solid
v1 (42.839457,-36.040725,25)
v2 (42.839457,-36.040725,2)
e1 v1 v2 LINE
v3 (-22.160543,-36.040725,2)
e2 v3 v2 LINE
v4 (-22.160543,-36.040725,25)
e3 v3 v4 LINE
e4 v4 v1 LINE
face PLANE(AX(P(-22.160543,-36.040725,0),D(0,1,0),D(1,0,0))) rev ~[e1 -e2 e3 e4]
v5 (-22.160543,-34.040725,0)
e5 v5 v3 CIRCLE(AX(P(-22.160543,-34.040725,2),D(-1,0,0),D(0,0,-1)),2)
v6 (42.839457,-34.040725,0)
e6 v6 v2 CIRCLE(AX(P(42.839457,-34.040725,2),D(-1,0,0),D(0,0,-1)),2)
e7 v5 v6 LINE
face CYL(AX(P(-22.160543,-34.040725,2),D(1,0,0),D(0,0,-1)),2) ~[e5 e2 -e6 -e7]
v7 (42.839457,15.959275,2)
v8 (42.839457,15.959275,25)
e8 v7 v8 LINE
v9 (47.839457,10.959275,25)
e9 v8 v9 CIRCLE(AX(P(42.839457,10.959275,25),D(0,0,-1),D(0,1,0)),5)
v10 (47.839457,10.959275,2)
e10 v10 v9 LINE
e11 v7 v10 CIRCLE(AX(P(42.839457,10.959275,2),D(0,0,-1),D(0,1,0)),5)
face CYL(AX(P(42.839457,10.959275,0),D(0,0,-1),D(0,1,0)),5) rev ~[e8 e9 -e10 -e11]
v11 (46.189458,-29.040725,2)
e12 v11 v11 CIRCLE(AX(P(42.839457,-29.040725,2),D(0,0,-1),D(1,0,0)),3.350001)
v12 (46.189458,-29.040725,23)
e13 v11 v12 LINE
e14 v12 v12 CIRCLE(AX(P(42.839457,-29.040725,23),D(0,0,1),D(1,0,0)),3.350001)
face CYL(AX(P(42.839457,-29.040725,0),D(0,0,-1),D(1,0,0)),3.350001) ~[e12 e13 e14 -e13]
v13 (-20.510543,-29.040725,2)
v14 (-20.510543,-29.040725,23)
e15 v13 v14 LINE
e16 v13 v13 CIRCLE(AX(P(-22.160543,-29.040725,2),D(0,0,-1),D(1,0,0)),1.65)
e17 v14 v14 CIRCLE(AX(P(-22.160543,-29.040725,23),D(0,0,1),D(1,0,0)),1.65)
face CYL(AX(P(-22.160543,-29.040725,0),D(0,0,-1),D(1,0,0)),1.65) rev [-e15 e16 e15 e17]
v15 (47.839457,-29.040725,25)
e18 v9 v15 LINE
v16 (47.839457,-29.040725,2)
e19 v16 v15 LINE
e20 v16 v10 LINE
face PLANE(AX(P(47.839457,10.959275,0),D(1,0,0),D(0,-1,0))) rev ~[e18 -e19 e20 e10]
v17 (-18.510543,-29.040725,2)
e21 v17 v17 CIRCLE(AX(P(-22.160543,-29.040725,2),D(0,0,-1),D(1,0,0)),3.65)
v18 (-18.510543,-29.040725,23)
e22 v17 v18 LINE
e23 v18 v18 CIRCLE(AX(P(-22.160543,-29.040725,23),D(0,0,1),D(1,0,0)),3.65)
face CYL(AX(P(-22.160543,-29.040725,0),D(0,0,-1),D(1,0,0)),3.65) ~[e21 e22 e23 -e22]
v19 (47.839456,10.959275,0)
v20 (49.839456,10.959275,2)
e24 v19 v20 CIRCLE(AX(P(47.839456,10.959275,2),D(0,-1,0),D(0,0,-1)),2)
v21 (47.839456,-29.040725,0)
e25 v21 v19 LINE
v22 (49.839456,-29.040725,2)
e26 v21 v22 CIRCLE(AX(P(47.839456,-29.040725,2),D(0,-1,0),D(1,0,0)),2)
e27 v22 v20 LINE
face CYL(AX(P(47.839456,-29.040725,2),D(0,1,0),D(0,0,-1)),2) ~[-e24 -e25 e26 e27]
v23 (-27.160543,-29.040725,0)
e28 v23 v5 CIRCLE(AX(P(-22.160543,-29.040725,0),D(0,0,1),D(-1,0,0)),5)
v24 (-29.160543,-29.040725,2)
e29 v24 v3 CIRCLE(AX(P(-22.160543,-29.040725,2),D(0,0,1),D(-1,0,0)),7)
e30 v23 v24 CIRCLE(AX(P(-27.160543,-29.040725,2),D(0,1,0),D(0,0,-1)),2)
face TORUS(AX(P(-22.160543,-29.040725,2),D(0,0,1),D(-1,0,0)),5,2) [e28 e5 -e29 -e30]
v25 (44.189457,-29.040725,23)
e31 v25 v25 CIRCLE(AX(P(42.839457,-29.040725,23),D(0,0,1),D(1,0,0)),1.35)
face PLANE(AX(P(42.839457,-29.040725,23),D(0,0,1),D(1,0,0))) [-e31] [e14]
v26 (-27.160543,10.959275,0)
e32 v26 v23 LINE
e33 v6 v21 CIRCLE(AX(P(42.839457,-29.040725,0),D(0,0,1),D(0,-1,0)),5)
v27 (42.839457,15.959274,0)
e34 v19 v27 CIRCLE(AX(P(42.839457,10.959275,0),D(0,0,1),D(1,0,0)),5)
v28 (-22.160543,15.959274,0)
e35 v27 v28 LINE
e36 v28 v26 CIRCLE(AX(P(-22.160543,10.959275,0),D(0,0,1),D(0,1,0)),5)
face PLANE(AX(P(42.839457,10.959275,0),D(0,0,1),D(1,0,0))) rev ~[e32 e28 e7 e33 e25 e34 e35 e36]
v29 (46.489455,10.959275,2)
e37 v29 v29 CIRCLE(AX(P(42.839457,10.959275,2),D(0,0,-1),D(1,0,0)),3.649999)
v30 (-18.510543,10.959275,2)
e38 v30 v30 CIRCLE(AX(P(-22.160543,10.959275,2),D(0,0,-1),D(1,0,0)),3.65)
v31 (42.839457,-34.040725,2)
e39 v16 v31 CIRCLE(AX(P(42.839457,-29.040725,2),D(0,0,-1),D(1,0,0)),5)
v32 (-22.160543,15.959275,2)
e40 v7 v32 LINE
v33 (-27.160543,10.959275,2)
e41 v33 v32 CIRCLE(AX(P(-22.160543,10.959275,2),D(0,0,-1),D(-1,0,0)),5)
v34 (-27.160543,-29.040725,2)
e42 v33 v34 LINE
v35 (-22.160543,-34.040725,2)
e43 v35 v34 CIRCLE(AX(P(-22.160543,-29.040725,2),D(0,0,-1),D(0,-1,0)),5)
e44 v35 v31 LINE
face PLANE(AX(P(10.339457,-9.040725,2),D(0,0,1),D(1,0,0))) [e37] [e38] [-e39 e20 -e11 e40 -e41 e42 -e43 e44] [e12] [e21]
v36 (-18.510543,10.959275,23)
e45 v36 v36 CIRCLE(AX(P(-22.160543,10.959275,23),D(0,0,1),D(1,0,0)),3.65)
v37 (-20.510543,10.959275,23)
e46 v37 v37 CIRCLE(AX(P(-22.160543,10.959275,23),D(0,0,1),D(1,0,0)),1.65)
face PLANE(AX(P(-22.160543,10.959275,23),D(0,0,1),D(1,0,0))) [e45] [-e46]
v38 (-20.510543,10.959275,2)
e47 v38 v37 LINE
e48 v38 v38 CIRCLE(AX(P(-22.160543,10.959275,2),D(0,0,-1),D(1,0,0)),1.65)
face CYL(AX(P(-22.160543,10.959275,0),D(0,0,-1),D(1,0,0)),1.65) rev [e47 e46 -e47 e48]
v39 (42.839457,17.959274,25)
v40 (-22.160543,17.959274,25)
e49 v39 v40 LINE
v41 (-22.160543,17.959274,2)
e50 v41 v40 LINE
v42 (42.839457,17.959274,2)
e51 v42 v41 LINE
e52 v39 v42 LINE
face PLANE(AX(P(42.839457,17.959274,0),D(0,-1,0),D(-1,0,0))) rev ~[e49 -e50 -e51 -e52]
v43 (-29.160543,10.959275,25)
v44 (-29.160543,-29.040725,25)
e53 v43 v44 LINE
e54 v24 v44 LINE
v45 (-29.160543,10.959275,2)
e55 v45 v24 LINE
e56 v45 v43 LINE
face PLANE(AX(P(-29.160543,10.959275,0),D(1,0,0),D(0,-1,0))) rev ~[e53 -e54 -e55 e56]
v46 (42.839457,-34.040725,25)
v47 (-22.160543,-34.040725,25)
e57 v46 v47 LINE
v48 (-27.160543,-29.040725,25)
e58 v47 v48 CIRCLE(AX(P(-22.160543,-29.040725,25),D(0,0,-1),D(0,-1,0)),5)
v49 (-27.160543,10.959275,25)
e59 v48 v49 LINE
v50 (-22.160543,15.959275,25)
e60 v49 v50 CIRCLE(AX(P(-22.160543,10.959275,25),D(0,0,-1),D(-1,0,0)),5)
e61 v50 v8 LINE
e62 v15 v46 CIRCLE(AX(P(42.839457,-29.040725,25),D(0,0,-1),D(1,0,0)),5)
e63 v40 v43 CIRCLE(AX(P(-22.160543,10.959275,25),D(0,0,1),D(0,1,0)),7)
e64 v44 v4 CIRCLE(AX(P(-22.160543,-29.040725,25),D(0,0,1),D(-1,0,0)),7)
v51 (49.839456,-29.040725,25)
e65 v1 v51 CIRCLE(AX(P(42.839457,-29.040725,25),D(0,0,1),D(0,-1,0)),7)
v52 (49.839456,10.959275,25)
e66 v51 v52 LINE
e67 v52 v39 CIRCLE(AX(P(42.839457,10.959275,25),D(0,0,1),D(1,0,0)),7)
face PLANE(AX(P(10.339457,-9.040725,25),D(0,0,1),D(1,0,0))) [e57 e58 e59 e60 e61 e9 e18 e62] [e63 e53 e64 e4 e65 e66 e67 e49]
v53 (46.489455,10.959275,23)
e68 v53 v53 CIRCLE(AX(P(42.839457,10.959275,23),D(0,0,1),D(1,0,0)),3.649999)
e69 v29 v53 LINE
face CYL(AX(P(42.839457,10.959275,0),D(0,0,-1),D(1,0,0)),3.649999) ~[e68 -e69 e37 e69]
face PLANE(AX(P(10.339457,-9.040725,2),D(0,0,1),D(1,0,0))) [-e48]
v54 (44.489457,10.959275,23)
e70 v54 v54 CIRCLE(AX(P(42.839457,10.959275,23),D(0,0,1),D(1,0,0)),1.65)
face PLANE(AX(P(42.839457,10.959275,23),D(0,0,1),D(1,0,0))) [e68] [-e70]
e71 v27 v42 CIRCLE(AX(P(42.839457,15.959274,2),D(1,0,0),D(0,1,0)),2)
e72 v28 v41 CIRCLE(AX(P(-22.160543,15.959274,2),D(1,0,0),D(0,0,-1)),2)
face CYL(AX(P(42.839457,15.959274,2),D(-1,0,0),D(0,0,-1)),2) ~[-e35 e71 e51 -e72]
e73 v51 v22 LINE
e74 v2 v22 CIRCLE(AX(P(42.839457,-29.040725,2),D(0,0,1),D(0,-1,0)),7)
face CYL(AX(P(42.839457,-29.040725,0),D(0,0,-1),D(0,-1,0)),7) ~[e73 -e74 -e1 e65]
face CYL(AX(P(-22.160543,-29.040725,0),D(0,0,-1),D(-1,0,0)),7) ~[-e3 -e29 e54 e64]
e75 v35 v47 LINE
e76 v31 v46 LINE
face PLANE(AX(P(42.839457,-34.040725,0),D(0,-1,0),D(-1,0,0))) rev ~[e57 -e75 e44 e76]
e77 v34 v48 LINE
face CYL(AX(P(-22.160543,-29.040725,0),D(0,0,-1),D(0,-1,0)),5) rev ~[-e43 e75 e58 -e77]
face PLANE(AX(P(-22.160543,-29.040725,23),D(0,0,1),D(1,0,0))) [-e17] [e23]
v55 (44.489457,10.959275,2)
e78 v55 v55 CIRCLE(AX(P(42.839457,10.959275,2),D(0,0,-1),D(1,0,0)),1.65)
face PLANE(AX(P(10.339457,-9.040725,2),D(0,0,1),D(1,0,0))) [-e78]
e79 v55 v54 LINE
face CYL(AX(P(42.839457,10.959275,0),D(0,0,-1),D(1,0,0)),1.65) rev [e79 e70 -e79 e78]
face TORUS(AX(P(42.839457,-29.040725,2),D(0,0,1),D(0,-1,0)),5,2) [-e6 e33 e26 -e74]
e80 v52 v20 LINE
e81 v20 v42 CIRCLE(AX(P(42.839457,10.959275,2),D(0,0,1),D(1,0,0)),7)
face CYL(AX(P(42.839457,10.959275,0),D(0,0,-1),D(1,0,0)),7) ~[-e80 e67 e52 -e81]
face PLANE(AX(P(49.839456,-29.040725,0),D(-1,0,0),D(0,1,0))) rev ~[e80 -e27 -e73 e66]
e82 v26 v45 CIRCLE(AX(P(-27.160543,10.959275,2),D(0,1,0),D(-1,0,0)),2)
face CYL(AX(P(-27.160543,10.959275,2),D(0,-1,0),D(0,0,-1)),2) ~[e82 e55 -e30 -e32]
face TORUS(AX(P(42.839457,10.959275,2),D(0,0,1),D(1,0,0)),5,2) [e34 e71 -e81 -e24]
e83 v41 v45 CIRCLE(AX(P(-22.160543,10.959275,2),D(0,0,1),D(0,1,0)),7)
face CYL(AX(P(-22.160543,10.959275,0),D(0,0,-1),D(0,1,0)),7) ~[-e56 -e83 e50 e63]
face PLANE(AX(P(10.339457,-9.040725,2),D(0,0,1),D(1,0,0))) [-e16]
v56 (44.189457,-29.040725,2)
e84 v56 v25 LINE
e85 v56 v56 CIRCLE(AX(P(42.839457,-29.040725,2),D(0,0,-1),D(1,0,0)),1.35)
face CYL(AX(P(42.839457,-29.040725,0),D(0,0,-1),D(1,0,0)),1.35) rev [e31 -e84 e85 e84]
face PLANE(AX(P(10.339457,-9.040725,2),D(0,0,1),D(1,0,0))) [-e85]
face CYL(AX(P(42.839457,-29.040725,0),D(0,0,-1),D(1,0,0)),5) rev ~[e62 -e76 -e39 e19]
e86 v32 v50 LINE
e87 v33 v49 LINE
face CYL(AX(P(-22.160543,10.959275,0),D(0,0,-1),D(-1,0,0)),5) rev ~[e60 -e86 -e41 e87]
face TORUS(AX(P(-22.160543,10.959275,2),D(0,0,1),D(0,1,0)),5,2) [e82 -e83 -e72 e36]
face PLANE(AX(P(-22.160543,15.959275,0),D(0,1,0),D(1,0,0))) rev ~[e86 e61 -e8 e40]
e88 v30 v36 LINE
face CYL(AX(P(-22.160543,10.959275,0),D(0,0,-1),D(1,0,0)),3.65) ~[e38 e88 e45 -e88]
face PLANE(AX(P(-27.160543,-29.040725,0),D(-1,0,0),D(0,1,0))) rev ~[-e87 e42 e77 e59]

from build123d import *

# Parameters (mm, degrees)
F1_R     = 3.6500000581
F1_R_2   = 3.3500010893
F1_R_3   = 3.649998717
F1_R_4   = 1.65
F1_R_5   = 1.35
F2_DEPTH = 2
F3_DEPTH = 25
F4_DEPTH = 23
F5_R     = 2


with BuildPart() as f2:
    # F1 (on Top) → F2 (new body)
    with BuildSketch(Plane.XY):
        with BuildLine():
            Line((42.8394566104, 17.9592743516), (-22.1605433896, 17.9592743516))
            ThreePointArc((-22.1605433896, 17.9592743516), (-27.1102905971, 15.909021928), (-29.1605430207, 10.9592747205))
            Line((-29.1605430207, 10.9592747205), (-29.1605430207, -29.0407252795))
            ThreePointArc((-29.1605430207, -29.0407252795), (-27.1102905971, -33.9904724869), (-22.1605433896, -36.0407249106))
            Line((-22.1605433896, -36.0407249106), (42.8394566104, -36.0407249106))
            ThreePointArc((42.8394566104, -36.0407249106), (47.7892038178, -33.9904724869), (49.8394562415, -29.0407252795))
            Line((49.8394562415, -29.0407252795), (49.8394562415, 10.9592747205))
            ThreePointArc((49.8394562415, 10.9592747205), (47.7892038178, 15.909021928), (42.8394566104, 17.9592743516))
        make_face()
        with BuildLine():
            ThreePointArc((-27.1605433896, 10.9592747205), (-25.6960772956, 14.4948086265), (-22.1605433896, 15.9592747205))
            Line((-22.1605433896, 15.9592747205), (42.8394566104, 15.9592747205))
            ThreePointArc((42.8394566104, 15.9592747205), (46.3749905163, 14.4948086265), (47.8394566104, 10.9592747205))
            Line((47.8394566104, 10.9592747205), (47.8394566104, -29.0407252795))
            ThreePointArc((47.8394566104, -29.0407252795), (46.3749905163, -32.5762591854), (42.8394566104, -34.0407252795))
            Line((42.8394566104, -34.0407252795), (-22.1605433896, -34.0407252795))
            ThreePointArc((-22.1605433896, -34.0407252795), (-25.6960772956, -32.5762591854), (-27.1605433896, -29.0407252795))
            Line((-27.1605433896, -29.0407252795), (-27.1605433896, 10.9592747205))
        make_face(mode=Mode.SUBTRACT)
        with BuildLine():
            Line((42.8394566104, 15.9592747205), (-22.1605433896, 15.9592747205))
            ThreePointArc((-22.1605433896, 15.9592747205), (-25.6960772956, 14.4948086265), (-27.1605433896, 10.9592747205))
            Line((-27.1605433896, 10.9592747205), (-27.1605433896, -29.0407252795))
            ThreePointArc((-27.1605433896, -29.0407252795), (-25.6960772956, -32.5762591854), (-22.1605433896, -34.0407252795))
            Line((-22.1605433896, -34.0407252795), (42.8394566104, -34.0407252795))
            ThreePointArc((42.8394566104, -34.0407252795), (46.3749905163, -32.5762591854), (47.8394566104, -29.0407252795))
            Line((47.8394566104, -29.0407252795), (47.8394566104, 10.9592747205))
            ThreePointArc((47.8394566104, 10.9592747205), (46.3749905163, 14.4948086265), (42.8394566104, 15.9592747205))
        make_face()
        with Locations((-22.1605433896, -29.0407252795)):
            Circle(F1_R, mode=Mode.SUBTRACT)
        with Locations((42.8394566104, -29.0407252795)):
            Circle(F1_R_2, mode=Mode.SUBTRACT)
        with Locations((-22.1605433896, 10.9592747205)):
            Circle(F1_R, mode=Mode.SUBTRACT)
        with Locations((42.8394566104, 10.9592747205)):
            Circle(F1_R_3, mode=Mode.SUBTRACT)
        with Locations((-22.1605433896, 10.9592747205)):
            Circle(F1_R)
        with Locations((-22.1605433896, 10.9592747205)):
            Circle(F1_R_4, mode=Mode.SUBTRACT)
        with Locations((-22.1605433896, -29.0407252795)):
            Circle(F1_R)
        with Locations((-22.1605433896, -29.0407252795)):
            Circle(F1_R_4, mode=Mode.SUBTRACT)
        with Locations((42.8394566104, 10.9592747205)):
            Circle(F1_R_3)
        with Locations((42.8394566104, 10.9592747205)):
            Circle(F1_R_4, mode=Mode.SUBTRACT)
        with Locations((42.8394566104, -29.0407252795)):
            Circle(F1_R_2)
        with Locations((42.8394566104, -29.0407252795)):
            Circle(F1_R_5, mode=Mode.SUBTRACT)
        with Locations((42.8394566104, 10.9592747205)):
            Circle(F1_R_4)
        with Locations((-22.1605433896, 10.9592747205)):
            Circle(F1_R_4)
        with Locations((-22.1605433896, -29.0407252795)):
            Circle(F1_R_4)
        with Locations((42.8394566104, -29.0407252795)):
            Circle(F1_R_5)
    extrude(amount=F2_DEPTH)

    # F1 (on Top) → F3 (join)
    with BuildSketch(Plane.XY):
        with BuildLine():
            Line((42.8394566104, 17.9592743516), (-22.1605433896, 17.9592743516))
            ThreePointArc((-22.1605433896, 17.9592743516), (-27.1102905971, 15.909021928), (-29.1605430207, 10.9592747205))
            Line((-29.1605430207, 10.9592747205), (-29.1605430207, -29.0407252795))
            ThreePointArc((-29.1605430207, -29.0407252795), (-27.1102905971, -33.9904724869), (-22.1605433896, -36.0407249106))
            Line((-22.1605433896, -36.0407249106), (42.8394566104, -36.0407249106))
            ThreePointArc((42.8394566104, -36.0407249106), (47.7892038178, -33.9904724869), (49.8394562415, -29.0407252795))
            Line((49.8394562415, -29.0407252795), (49.8394562415, 10.9592747205))
            ThreePointArc((49.8394562415, 10.9592747205), (47.7892038178, 15.909021928), (42.8394566104, 17.9592743516))
        make_face()
        with BuildLine():
            ThreePointArc((-27.1605433896, 10.9592747205), (-25.6960772956, 14.4948086265), (-22.1605433896, 15.9592747205))
            Line((-22.1605433896, 15.9592747205), (42.8394566104, 15.9592747205))
            ThreePointArc((42.8394566104, 15.9592747205), (46.3749905163, 14.4948086265), (47.8394566104, 10.9592747205))
            Line((47.8394566104, 10.9592747205), (47.8394566104, -29.0407252795))
            ThreePointArc((47.8394566104, -29.0407252795), (46.3749905163, -32.5762591854), (42.8394566104, -34.0407252795))
            Line((42.8394566104, -34.0407252795), (-22.1605433896, -34.0407252795))
            ThreePointArc((-22.1605433896, -34.0407252795), (-25.6960772956, -32.5762591854), (-27.1605433896, -29.0407252795))
            Line((-27.1605433896, -29.0407252795), (-27.1605433896, 10.9592747205))
        make_face(mode=Mode.SUBTRACT)
    extrude(amount=F3_DEPTH)

    # F1 (on Top) → F4 (join)
    with BuildSketch(Plane.XY):
        with Locations((42.8394566104, 10.9592747205)):
            Circle(F1_R_3)
        with Locations((42.8394566104, 10.9592747205)):
            Circle(F1_R_4, mode=Mode.SUBTRACT)
        with Locations((42.8394566104, -29.0407252795)):
            Circle(F1_R_2)
        with Locations((42.8394566104, -29.0407252795)):
            Circle(F1_R_5, mode=Mode.SUBTRACT)
        with Locations((-22.1605433896, 10.9592747205)):
            Circle(F1_R)
        with Locations((-22.1605433896, 10.9592747205)):
            Circle(F1_R_4, mode=Mode.SUBTRACT)
        with Locations((-22.1605433896, -29.0407252795)):
            Circle(F1_R)
        with Locations((-22.1605433896, -29.0407252795)):
            Circle(F1_R_4, mode=Mode.SUBTRACT)
    extrude(amount=F4_DEPTH)

    # F5
    f5_edges = [f2.edges().sort_by_distance(p)[0] for p in [
        (10.339457, -36.040725, 0),
    ]]
    fillet(f5_edges, radius=F5_R)


solid = f2.part
